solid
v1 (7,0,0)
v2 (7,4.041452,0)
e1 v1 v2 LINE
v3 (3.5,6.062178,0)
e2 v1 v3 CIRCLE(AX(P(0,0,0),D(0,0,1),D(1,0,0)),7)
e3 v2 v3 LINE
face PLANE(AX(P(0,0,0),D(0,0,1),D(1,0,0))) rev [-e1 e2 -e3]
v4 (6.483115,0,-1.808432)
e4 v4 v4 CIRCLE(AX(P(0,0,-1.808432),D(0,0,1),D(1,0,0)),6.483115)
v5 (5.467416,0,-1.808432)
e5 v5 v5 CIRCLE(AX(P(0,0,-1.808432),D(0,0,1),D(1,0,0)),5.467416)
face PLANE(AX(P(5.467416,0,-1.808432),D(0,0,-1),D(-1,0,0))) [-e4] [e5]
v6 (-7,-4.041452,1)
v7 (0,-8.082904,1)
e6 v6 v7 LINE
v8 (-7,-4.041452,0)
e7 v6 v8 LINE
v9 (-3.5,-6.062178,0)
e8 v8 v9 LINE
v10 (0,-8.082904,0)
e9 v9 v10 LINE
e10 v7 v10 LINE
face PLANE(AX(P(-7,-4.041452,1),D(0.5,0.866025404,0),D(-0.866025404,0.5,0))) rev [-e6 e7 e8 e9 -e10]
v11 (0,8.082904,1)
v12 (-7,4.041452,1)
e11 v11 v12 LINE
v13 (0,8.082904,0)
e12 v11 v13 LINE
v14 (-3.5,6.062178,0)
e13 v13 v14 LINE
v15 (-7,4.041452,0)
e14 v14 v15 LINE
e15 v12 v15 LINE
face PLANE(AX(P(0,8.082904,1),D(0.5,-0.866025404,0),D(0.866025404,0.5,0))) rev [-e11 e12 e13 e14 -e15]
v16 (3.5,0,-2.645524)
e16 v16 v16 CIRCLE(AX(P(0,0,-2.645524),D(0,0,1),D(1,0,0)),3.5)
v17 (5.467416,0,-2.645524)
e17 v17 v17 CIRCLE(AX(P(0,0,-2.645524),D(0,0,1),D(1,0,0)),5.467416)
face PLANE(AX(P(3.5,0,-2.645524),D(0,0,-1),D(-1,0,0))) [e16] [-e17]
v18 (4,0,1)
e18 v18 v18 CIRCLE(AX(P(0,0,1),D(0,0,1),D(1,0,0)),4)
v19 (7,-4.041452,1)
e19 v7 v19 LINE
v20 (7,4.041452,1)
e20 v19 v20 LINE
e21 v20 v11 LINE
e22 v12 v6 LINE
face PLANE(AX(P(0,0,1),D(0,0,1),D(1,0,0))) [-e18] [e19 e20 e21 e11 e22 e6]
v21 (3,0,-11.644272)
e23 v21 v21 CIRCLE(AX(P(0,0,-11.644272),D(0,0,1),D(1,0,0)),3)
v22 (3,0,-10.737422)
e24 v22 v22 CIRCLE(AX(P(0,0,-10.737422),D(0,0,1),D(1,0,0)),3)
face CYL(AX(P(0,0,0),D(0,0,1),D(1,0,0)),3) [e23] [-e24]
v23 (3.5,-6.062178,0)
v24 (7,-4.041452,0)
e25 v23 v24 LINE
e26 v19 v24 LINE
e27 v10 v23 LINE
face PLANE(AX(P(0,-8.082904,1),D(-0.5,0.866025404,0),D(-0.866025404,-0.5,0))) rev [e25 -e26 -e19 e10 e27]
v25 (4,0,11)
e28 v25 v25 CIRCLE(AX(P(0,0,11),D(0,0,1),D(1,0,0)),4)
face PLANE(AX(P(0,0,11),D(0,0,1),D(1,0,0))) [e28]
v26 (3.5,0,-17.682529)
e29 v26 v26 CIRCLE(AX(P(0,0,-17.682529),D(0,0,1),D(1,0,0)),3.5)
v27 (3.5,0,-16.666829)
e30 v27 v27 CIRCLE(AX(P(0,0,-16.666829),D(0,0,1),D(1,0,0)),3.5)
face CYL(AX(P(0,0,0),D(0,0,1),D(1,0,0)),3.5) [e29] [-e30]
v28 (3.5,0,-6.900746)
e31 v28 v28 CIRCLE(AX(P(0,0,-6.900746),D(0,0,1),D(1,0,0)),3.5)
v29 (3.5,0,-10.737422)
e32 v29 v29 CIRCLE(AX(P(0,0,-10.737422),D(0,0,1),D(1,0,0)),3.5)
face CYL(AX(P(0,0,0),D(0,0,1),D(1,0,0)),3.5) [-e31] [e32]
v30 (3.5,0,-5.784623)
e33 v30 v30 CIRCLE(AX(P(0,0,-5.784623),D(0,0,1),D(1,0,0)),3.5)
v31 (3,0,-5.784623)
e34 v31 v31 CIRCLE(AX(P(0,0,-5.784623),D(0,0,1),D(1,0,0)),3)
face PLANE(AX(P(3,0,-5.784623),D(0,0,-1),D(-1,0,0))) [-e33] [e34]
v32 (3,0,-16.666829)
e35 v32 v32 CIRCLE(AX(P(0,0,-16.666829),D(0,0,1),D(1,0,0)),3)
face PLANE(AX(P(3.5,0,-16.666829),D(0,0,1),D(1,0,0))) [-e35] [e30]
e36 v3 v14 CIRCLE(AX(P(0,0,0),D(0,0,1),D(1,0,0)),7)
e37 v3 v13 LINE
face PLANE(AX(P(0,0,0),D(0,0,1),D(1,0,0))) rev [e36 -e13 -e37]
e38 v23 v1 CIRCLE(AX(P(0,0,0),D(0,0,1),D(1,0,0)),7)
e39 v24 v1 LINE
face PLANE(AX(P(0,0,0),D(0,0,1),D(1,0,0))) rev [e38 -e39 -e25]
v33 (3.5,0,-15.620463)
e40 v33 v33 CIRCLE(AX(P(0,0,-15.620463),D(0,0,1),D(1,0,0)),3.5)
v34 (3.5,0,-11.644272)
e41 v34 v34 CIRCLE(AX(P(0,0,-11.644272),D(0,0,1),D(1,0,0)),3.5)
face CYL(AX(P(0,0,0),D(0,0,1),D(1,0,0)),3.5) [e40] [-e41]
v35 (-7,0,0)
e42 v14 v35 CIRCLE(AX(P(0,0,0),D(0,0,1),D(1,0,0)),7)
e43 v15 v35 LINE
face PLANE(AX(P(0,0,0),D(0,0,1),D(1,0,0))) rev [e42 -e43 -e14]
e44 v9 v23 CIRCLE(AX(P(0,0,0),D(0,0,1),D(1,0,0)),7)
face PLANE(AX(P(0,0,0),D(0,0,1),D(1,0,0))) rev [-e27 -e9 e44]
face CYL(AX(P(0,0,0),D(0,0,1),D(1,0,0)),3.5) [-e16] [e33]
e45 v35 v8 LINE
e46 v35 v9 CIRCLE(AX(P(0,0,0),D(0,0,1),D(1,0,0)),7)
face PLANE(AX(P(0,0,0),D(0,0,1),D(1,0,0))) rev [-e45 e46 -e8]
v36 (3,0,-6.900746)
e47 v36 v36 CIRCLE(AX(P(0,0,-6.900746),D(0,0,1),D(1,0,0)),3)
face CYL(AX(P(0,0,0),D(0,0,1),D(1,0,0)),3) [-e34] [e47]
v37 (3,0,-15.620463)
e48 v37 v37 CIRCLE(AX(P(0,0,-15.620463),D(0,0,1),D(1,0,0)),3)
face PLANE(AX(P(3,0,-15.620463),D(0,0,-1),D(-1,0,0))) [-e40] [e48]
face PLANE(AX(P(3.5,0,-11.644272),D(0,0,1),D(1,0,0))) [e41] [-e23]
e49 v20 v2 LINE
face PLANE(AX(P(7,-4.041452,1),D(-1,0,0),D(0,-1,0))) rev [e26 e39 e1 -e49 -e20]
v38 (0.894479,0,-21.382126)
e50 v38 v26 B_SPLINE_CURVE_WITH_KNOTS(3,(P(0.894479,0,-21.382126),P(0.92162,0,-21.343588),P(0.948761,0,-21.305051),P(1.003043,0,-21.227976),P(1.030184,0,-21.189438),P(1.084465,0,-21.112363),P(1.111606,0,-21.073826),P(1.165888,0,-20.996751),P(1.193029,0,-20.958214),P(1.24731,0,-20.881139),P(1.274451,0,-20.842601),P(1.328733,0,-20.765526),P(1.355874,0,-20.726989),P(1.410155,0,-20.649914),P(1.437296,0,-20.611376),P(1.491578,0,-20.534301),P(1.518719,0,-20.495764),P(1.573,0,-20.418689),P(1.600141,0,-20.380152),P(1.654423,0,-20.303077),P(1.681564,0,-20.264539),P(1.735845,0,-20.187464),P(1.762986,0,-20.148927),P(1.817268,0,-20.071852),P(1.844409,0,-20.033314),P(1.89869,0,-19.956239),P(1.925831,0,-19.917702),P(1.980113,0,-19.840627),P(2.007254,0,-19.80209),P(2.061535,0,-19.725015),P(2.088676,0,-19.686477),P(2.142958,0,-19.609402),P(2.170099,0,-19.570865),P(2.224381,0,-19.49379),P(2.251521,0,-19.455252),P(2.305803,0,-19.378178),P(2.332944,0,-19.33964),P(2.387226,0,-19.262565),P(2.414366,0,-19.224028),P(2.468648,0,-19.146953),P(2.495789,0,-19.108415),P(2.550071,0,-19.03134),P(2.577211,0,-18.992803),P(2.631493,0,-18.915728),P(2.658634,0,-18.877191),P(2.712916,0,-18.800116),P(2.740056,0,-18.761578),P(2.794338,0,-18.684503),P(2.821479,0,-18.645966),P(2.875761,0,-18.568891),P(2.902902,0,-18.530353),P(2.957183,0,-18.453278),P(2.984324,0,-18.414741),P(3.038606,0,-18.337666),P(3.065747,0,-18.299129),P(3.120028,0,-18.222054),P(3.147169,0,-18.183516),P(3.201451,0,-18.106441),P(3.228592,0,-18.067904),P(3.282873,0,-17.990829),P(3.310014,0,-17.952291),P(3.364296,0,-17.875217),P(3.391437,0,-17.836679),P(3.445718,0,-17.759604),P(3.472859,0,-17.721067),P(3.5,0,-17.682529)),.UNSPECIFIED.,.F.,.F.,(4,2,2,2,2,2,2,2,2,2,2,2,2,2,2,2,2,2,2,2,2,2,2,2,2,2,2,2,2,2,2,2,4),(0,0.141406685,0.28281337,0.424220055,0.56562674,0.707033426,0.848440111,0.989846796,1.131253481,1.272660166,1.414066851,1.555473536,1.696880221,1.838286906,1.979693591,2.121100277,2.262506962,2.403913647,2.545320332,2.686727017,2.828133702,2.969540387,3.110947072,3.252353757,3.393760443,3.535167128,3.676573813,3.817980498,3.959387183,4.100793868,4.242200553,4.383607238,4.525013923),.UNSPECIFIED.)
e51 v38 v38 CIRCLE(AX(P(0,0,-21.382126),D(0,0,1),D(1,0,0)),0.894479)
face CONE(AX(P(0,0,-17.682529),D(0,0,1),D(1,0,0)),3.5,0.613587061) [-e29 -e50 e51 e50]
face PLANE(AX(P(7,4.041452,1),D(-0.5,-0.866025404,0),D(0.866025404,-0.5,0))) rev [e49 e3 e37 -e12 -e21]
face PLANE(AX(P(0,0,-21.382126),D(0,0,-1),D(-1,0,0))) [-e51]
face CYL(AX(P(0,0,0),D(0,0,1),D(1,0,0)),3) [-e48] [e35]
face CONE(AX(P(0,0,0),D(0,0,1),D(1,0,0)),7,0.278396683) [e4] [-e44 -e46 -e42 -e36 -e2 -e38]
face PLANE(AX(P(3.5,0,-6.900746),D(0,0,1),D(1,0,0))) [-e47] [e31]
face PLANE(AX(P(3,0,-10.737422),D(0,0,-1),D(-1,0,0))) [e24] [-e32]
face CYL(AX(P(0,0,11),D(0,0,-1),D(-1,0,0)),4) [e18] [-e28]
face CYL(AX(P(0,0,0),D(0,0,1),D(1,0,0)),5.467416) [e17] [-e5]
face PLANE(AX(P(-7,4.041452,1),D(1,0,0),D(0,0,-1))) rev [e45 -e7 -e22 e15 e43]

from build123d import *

# Parameters (mm, degrees)
SALIENTE_EXTRUIR1_DEPTH = 1
CROQUIS2_R              = 4
SALIENTE_EXTRUIR2_DEPTH = 10


with BuildPart() as part:
    # Croquis1 → Saliente-Extruir1 (new body)
    with BuildSketch(Plane.XY):
        Polygon((0, -8.082903769), (7, -4.041451884), (7, 4.041451884), (0, 8.082903769), (-7, 4.041451884), (-7, -4.041451884), align=None)
    extrude(amount=SALIENTE_EXTRUIR1_DEPTH)

    # Croquis2 → Saliente-Extruir2 (add)
    with BuildSketch(Plane.XY.offset(1)):
        Circle(CROQUIS2_R)
    extrude(amount=SALIENTE_EXTRUIR2_DEPTH)

    # Croquis3 → Revolución1 (revolve)
    with BuildSketch(Plane(origin=(0, 0, 0), x_dir=(1, 0, 0), z_dir=(0, 1, 0))):
        Polygon((0, 21.382125591), (0.894479356, 21.382125591), (3.5, 17.682529237), (3.5, 16.666829395), (3, 16.666829395), (3, 15.620463348), (3.5, 15.620463348), (3.5, 11.644272372), (3, 11.644272372), (3, 10.737421798), (3.5, 10.737421798), (3.5, 6.900746294), (3, 6.900746294), (3, 5.784622511), (3.5, 5.784622511), (3.5, 2.645524372), (5.467415644, 2.645524372), (5.467415644, 1.808431535), (6.483115486, 1.808431535), (7, 0), (0, 0), align=None)
    revolve(axis=Axis((0, 0, 0), (0, 0, -1)))


solid = part.part
